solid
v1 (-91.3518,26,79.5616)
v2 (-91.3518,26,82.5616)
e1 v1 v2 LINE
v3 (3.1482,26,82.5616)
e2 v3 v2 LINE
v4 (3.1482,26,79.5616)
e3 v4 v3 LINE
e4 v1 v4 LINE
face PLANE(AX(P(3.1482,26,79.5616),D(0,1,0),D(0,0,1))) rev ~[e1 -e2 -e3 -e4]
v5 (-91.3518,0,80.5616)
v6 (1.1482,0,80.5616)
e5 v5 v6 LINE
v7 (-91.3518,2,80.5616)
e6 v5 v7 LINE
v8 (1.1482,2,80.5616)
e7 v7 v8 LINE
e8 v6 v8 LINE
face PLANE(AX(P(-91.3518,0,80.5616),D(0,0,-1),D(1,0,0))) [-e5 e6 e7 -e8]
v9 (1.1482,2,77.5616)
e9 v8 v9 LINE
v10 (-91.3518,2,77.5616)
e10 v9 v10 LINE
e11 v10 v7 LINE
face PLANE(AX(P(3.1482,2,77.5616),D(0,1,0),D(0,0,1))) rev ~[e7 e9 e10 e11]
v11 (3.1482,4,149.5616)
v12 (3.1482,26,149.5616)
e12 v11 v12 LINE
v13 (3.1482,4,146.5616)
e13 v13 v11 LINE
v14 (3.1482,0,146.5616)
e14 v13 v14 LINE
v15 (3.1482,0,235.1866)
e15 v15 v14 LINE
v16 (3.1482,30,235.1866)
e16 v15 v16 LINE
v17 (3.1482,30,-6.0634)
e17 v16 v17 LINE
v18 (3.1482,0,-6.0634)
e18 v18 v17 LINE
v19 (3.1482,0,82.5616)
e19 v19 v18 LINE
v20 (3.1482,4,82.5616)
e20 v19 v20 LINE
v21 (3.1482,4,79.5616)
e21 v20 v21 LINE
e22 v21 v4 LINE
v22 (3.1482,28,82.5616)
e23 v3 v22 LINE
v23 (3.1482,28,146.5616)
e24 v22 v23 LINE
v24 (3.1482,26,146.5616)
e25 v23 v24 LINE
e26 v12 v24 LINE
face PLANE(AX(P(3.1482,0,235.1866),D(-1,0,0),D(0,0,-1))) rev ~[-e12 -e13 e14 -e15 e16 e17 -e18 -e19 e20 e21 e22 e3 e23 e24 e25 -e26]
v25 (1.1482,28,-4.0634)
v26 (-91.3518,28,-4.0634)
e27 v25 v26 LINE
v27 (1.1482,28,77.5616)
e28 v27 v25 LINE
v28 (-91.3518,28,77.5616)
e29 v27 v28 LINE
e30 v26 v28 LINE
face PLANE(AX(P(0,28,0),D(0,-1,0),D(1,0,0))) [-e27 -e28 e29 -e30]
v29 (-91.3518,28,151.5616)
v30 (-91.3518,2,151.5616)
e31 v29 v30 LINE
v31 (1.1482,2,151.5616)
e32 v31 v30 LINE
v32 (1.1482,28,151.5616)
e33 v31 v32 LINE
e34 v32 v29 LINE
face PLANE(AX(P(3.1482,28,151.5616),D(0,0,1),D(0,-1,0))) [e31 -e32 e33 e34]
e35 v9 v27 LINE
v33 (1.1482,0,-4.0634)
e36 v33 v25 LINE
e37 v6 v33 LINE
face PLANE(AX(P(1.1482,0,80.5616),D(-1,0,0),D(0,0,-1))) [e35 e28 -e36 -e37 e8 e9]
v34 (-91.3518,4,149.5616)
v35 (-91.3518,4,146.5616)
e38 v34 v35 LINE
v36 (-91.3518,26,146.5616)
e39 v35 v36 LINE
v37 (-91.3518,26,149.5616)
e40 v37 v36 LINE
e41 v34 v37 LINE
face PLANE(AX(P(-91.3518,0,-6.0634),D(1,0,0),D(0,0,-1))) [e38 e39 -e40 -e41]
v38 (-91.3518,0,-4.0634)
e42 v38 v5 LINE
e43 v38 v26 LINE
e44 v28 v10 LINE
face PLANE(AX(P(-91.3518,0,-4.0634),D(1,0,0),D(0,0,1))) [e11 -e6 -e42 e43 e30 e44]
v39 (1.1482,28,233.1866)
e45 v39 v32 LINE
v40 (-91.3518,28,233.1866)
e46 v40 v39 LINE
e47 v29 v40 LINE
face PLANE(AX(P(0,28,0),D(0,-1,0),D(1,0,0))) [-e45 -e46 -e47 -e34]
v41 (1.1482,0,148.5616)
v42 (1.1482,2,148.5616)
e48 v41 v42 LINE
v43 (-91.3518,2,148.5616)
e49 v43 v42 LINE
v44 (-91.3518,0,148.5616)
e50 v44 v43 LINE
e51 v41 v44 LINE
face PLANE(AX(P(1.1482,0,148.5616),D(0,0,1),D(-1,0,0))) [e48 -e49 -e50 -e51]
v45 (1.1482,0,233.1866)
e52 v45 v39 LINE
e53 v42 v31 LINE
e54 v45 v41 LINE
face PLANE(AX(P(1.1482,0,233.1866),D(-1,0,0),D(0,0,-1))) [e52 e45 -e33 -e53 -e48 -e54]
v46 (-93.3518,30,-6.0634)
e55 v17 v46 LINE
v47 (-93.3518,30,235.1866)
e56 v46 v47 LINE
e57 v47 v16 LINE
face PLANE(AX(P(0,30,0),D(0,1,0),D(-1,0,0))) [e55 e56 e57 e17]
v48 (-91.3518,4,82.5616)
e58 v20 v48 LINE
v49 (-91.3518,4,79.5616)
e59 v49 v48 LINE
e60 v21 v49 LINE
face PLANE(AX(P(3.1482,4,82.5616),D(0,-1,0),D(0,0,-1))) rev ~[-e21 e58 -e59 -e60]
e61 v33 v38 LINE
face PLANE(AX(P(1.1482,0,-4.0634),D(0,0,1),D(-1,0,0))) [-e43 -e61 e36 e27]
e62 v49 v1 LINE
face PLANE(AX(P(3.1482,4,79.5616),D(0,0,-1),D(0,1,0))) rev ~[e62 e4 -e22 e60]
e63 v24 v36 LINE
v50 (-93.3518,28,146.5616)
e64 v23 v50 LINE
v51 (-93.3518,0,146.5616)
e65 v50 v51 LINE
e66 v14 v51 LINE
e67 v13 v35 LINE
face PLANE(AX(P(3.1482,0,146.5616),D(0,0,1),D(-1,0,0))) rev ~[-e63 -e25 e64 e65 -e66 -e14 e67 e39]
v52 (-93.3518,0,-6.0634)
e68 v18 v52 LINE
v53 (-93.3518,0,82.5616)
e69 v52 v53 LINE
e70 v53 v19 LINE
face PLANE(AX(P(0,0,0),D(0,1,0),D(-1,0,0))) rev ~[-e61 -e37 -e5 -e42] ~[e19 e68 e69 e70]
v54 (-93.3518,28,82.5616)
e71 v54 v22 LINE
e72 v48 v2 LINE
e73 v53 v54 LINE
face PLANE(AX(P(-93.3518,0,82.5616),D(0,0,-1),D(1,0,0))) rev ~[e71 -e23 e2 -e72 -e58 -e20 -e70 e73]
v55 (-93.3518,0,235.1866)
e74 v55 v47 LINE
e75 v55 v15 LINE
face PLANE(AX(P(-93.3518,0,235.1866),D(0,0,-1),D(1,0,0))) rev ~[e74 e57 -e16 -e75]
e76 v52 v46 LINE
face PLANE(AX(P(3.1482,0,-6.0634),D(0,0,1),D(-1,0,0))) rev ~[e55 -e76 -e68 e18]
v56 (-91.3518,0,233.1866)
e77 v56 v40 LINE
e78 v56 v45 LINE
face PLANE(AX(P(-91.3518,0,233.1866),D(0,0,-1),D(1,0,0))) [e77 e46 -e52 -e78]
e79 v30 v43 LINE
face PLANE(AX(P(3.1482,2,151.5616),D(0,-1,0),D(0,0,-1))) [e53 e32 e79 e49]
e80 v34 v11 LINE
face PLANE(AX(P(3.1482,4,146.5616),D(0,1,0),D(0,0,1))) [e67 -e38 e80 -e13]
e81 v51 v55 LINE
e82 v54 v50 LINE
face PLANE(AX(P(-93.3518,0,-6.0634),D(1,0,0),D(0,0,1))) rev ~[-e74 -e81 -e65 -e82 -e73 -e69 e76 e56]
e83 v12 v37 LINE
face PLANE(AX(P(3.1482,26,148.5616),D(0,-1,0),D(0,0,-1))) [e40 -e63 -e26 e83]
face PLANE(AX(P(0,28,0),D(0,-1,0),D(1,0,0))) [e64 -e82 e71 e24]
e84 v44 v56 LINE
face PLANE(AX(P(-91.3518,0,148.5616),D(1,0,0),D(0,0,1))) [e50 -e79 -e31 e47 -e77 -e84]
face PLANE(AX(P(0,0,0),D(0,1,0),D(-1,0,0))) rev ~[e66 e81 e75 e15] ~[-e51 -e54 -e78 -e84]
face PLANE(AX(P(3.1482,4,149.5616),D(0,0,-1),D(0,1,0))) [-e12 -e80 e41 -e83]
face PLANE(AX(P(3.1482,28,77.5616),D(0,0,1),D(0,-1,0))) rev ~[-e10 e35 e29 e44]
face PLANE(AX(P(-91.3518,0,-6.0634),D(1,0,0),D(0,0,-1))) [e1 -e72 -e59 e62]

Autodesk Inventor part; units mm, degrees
sketch "Sketch1" plane through (0, 0, 0) normal (0, 1, 0) x (-1, 0, 0)
  point P0 (0, 0)
sketch "Sketch2" plane through (0, 0, 0) normal (0, 1, 0) x (-1, 0, 0)
  point P0 (0, 0)
sketch "Sketch3" plane through (0, 0, 0) normal (0, 1, 0) x (-1, 0, 0)
  line L0 (93.3518, 235.1866) -> (-3.1482, 235.1866)
  line L1 (-3.1482, 235.1866) -> (-3.1482, -6.0634)
  line L2 (-3.1482, -6.0634) -> (93.3518, -6.0634)
  line L3 (93.3518, -6.0634) -> (93.3518, 235.1866)
  point P0 (0, 0)
  dimension "d0" = 241.25
  dimension "d1" = 96.5
extrude "Extrusion1" add sketch "Sketch3" along normal blind 30
sketch "Sketch4" plane through (0, 0, 0) normal (0, -1, 0) x (1, 0, 0)
  line L0 (-93.3518, -6.0634) -> (-93.3518, 235.1866) projected
  line L1 (-93.3518, 82.5616) -> (3.1482, 82.5616)
  line L2 (3.1482, 82.5616) -> (3.1482, 146.5616)
  line L3 (3.1482, 146.5616) -> (-93.3518, 146.5616)
  line L4 (-93.3518, 146.5616) -> (-93.3518, 82.5616)
  point P0 (0, 0)
  point P1 (-93.3518, 114.5616)
  point P2 (-93.3518, 114.5616)
  dimension "d4" = 64
  dimension "d5" = 0
  dimension "d6" = 96.5
  dimension "d7" = 0
extrude "Extrusion2" cut sketch "Sketch4" against normal blind 28
sketch "Sketch5" plane through (0, 0, 0) normal (0, -1, 0) x (1, 0, 0)
  line L0 (3.1482, 82.5616) -> (-93.3518, 82.5616) projected
  line L1 (-93.3518, -6.0634) -> (-93.3518, 82.5616) projected
  line L2 (3.1482, -6.0634) -> (-93.3518, -6.0634) projected
  line L3 (3.1482, 82.5616) -> (3.1482, -6.0634) projected
  line L4 (-93.3518, 146.5616) -> (3.1482, 146.5616) projected
  line L5 (3.1482, 235.1866) -> (3.1482, 146.5616) projected
  line L6 (-93.3518, 235.1866) -> (3.1482, 235.1866) projected
  line L7 (-93.3518, 146.5616) -> (-93.3518, 235.1866) projected
  line L8 (-91.3518, 80.5616) -> (1.1482, 80.5616)
  line L9 (1.1482, 80.5616) -> (1.1482, -4.0634)
  line L10 (1.1482, -4.0634) -> (-91.3518, -4.0634)
  line L11 (-91.3518, -4.0634) -> (-91.3518, 80.5616)
  line L12 (-91.3518, 233.1866) -> (1.1482, 233.1866)
  line L13 (1.1482, 233.1866) -> (1.1482, 148.5616)
  line L14 (1.1482, 148.5616) -> (-91.3518, 148.5616)
  line L15 (-91.3518, 148.5616) -> (-91.3518, 233.1866)
  point P0 (0, 0)
  dimension "d10" = 2
  dimension "d11" = 2
extrude "Extrusion3" cut sketch "Sketch5" against normal blind 28 contours L8 L9 L10 L11 | L12 L13 L14 L15
sketch "Sketch6" plane through (-93.3518, 0, 235.1866) normal (-1, 0, 0) x (0, 0, 1)
  point P0 (-235.1866, 0)
  point P1 (-196.9375, 14)
sketch "Sketch7" plane through (-91.3518, 0, 148.5616) normal (0, 0, 1) x (1, 0, 0)
  line L0 (92.5, 0) -> (0, 0) projected
  line L1 (92.5, 0) -> (92.5, 28) projected
  line L2 (92.5, 28) -> (0, 28) projected
  line L3 (0, 0) -> (0, 28) projected
  point P0 (91.3518, 0)
sketch "Sketch9" plane through (3.1482, 0, -6.0634) normal (1, 0, 0) x (0, 0, -1)
  line L0 (-152.625, 28) -> (-152.625, 26)
  line L1 (-152.625, 0) -> (-152.625, 28) projected
  line L2 (-152.625, 0) -> (-152.625, 4)
  line L3 (-152.625, 4) -> (-155.625, 4)
  line L4 (-155.625, 4) -> (-155.625, 26)
  line L5 (-155.625, 26) -> (-152.625, 26)
  line L6 (-152.625, 26) -> (-152.625, 4)
  line L7 (-88.625, 28) -> (-152.625, 28) projected
  line L8 (-120.625, 28) -> (-120.625, 0)
  line L9 (-88.625, 0) -> (-88.625, 28)
  line L10 (-88.625, 4) -> (-85.625, 4)
  line L11 (-85.625, 4) -> (-85.625, 26)
  line L12 (-85.625, 26) -> (-88.625, 26)
  line L13 (-88.625, 26) -> (-88.625, 4)
  line L14 (-152.625, 28) -> (-157.625, 28)
  line L15 (-157.625, 28) -> (-157.625, 2)
  line L16 (-157.625, 2) -> (-152.625, 2)
  line L17 (-88.625, 28) -> (-83.625, 28)
  line L18 (-83.625, 28) -> (-83.625, 2)
  line L19 (-83.625, 2) -> (-88.625, 2)
  line L20 (-152.625, 26) -> (-152.625, 28)
  line L21 (-154.625, 0) -> (-154.625, 28) projected
  line L22 (-152.625, 2) -> (-152.625, 4)
  line L23 (-152.625, 26) -> (-152.625, 4)
  line L24 (-88.625, 2) -> (-88.625, 4)
  line L25 (-88.625, 0) -> (-88.625, 28) projected
  line L26 (-88.625, 4) -> (-88.625, 26)
  line L27 (-88.625, 28) -> (-88.625, 26)
  point P0 (-6.0634, 0)
  dimension "d28" = 2
  dimension "d29" = 4
  dimension "d30" = 3
  dimension "d31" = 2
  dimension "d36" = 22
  dimension "d37" = 2
  dimension "d38" = 5
extrude "Extrusion5" add sketch "Sketch9" against normal up to surface (96.5 mm away) contours L17 L18 L19 L9 L10 L11 L12 | L0 L5 L21 L14 | L21 L5 L4 L3 L16 L15 L14 | L1 L16 L21 L3
extrude "Extrusion6" cut sketch "Sketch9" against normal blind 94.5 contours L1 L3 L21 L5 | L21 L3 L4 L5 | L12 L11 L10 L9
sketch "Sketch11" plane through (3.1482, 4, 149.5616) normal (0, 0, -1) x (-1, 0, 0)
  point P0 (3.1482, -4)
properties part number "kontroller"
